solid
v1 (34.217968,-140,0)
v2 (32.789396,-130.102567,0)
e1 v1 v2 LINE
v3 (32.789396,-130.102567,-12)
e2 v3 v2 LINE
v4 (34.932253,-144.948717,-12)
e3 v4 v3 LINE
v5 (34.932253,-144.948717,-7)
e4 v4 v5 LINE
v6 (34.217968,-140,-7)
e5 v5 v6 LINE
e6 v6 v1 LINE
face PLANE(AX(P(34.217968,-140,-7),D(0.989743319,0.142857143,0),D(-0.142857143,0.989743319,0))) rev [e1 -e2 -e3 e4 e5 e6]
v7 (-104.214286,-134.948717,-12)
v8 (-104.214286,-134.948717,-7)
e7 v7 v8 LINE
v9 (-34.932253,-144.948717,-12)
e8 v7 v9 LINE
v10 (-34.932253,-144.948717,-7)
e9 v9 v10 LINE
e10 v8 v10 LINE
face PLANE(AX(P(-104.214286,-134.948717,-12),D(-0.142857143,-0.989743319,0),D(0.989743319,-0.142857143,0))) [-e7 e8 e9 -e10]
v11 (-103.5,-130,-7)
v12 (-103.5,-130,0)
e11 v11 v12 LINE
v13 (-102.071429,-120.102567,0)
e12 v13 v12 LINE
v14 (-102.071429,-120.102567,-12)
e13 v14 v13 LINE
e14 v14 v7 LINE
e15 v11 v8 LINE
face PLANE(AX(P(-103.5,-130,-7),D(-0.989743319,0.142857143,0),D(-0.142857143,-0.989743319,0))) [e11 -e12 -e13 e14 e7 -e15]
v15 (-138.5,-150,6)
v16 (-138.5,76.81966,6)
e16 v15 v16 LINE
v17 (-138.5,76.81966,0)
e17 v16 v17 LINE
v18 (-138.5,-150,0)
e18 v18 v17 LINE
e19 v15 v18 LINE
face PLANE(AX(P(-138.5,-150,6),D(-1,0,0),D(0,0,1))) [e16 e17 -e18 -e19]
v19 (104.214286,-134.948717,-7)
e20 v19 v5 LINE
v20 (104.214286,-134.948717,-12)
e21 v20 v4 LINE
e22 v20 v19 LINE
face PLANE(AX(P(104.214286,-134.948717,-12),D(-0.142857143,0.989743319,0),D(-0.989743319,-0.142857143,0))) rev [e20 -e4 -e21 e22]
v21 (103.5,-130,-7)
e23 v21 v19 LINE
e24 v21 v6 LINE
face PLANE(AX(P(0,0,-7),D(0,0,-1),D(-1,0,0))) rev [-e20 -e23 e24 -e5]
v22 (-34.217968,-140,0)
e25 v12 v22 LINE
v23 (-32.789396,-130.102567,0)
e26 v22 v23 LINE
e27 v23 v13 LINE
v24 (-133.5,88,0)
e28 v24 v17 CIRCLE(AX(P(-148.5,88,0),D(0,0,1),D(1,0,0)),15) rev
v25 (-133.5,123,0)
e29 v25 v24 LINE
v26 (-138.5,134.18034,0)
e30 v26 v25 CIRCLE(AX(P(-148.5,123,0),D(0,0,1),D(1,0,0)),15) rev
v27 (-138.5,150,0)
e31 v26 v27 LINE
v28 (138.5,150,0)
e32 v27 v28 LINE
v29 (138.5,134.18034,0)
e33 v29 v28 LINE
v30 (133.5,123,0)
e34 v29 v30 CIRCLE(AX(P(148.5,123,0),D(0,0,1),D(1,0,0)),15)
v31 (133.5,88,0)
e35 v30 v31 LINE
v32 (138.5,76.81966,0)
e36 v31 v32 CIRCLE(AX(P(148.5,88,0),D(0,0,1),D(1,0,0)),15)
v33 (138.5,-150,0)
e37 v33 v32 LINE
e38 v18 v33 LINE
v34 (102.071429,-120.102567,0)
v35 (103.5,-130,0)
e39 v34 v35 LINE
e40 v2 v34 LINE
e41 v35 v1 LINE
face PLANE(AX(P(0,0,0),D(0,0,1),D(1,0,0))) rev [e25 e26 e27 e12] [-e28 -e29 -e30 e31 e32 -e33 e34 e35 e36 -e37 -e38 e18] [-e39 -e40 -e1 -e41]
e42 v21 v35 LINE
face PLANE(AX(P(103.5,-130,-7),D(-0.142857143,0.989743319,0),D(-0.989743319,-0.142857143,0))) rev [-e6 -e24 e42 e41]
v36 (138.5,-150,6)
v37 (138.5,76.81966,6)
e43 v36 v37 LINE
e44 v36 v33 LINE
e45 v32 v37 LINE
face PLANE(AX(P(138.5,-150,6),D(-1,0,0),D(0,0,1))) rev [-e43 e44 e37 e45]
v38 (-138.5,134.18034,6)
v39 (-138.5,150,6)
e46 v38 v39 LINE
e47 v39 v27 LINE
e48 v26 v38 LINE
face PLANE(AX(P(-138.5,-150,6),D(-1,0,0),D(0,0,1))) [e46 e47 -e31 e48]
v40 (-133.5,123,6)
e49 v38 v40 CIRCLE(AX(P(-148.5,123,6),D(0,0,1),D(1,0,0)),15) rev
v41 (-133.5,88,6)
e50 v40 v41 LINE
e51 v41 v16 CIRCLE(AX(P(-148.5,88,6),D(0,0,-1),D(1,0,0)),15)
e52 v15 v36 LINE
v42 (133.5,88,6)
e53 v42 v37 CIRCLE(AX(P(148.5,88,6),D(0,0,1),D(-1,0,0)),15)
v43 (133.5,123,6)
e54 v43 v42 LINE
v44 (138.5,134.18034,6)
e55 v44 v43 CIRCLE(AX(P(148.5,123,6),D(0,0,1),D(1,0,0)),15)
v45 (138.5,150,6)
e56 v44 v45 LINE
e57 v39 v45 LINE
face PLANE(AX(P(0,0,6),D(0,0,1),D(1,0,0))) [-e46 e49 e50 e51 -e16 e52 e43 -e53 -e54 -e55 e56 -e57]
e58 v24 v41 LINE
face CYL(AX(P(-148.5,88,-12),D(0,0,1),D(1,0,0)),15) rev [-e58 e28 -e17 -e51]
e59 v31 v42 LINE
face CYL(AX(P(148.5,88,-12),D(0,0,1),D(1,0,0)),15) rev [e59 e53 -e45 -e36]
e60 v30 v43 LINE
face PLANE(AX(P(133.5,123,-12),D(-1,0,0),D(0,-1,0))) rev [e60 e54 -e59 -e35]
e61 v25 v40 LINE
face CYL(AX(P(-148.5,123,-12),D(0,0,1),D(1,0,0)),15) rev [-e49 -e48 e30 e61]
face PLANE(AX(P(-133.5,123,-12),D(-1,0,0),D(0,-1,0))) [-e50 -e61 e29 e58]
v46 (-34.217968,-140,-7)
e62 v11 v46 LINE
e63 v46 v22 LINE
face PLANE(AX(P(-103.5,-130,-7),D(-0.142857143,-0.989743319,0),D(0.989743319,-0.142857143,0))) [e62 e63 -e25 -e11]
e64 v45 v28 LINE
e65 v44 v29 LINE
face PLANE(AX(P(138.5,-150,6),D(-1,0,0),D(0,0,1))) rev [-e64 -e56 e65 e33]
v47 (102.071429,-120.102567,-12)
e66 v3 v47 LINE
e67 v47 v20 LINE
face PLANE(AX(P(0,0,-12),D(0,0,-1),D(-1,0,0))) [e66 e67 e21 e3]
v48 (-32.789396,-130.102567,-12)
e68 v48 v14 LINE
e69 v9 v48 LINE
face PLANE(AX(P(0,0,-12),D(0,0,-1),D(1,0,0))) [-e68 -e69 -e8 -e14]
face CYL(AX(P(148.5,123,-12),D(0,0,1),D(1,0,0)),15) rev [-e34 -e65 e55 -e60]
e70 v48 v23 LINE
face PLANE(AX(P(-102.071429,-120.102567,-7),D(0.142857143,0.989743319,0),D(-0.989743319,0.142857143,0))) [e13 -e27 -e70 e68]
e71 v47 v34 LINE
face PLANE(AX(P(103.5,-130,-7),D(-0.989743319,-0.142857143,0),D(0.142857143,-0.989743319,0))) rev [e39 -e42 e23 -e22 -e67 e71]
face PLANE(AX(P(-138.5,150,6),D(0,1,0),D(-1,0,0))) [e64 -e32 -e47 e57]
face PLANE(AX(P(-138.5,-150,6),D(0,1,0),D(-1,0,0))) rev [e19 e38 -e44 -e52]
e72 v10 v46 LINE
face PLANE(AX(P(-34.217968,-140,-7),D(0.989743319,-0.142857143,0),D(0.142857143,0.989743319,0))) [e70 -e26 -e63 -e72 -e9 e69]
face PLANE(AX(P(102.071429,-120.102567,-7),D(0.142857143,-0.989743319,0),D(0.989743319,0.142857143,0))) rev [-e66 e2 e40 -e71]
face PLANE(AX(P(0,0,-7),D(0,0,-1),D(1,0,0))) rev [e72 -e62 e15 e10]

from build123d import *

# Parameters (mm, degrees)
SKETCH1_W           = 277
SKETCH1_H           = 300
BOSS_EXTRUDE1_DEPTH = 6
BOSS_EXTRUDE2_DEPTH = 7
BOSS_EXTRUDE3_DEPTH = 5
CUT_EXTRUDE1_DEPTH  = 19


with BuildPart() as part:
    # Sketch1 → Boss-Extrude1 (new body)
    with BuildSketch(Plane.XY):
        Rectangle(SKETCH1_W, SKETCH1_H)
    extrude(amount=BOSS_EXTRUDE1_DEPTH)

    # Sketch3 → Boss-Extrude2 (add)
    with BuildSketch(Plane(origin=(0, 0, 0), x_dir=(-1, 0, 0), z_dir=(0, 0, -1))):
        Polygon((-103.5, -130), (-34.217967697, -140), (-32.789396269, -130.102566814), (-102.071428571, -120.102566814), align=None)
    boss_extrude2 = extrude(amount=BOSS_EXTRUDE2_DEPTH)

    # Sketch4 → Boss-Extrude3 (add)
    with BuildSketch(Plane(origin=(0, 0, -7), x_dir=(-1, 0, 0), z_dir=(0, 0, -1))):
        Polygon((-102.071428571, -120.102566814), (-32.789396269, -130.102566814), (-34.932253412, -144.948716593), (-104.214285714, -134.948716593), align=None)
    boss_extrude3 = extrude(amount=BOSS_EXTRUDE3_DEPTH)

    # Sketch2 → Cut-Extrude1 (cut, through all)
    with BuildSketch(Plane.XY.offset(6)):
        with BuildLine():
            Line((133.5, 123), (133.5, 88))
            ThreePointArc((133.5, 88), (148.5, 73), (163.5, 88))
            Line((163.5, 88), (163.5, 123))
            ThreePointArc((163.5, 123), (148.5, 138), (133.5, 123))
        make_face()
    cut_extrude1 = extrude(amount=-CUT_EXTRUDE1_DEPTH, mode=Mode.SUBTRACT)

    # Mirror1: Boss-Extrude2, Boss-Extrude3, Cut-Extrude1 across plane
    add(boss_extrude2.mirror(Plane(origin=(0, 0, 0), x_dir=(0, 0, 1), z_dir=(1, 0, 0))))
    add(boss_extrude3.mirror(Plane(origin=(0, 0, 0), x_dir=(0, 0, 1), z_dir=(1, 0, 0))))
    add(cut_extrude1.mirror(Plane(origin=(0, 0, 0), x_dir=(0, 0, 1), z_dir=(1, 0, 0))), mode=Mode.SUBTRACT)


solid = part.part
